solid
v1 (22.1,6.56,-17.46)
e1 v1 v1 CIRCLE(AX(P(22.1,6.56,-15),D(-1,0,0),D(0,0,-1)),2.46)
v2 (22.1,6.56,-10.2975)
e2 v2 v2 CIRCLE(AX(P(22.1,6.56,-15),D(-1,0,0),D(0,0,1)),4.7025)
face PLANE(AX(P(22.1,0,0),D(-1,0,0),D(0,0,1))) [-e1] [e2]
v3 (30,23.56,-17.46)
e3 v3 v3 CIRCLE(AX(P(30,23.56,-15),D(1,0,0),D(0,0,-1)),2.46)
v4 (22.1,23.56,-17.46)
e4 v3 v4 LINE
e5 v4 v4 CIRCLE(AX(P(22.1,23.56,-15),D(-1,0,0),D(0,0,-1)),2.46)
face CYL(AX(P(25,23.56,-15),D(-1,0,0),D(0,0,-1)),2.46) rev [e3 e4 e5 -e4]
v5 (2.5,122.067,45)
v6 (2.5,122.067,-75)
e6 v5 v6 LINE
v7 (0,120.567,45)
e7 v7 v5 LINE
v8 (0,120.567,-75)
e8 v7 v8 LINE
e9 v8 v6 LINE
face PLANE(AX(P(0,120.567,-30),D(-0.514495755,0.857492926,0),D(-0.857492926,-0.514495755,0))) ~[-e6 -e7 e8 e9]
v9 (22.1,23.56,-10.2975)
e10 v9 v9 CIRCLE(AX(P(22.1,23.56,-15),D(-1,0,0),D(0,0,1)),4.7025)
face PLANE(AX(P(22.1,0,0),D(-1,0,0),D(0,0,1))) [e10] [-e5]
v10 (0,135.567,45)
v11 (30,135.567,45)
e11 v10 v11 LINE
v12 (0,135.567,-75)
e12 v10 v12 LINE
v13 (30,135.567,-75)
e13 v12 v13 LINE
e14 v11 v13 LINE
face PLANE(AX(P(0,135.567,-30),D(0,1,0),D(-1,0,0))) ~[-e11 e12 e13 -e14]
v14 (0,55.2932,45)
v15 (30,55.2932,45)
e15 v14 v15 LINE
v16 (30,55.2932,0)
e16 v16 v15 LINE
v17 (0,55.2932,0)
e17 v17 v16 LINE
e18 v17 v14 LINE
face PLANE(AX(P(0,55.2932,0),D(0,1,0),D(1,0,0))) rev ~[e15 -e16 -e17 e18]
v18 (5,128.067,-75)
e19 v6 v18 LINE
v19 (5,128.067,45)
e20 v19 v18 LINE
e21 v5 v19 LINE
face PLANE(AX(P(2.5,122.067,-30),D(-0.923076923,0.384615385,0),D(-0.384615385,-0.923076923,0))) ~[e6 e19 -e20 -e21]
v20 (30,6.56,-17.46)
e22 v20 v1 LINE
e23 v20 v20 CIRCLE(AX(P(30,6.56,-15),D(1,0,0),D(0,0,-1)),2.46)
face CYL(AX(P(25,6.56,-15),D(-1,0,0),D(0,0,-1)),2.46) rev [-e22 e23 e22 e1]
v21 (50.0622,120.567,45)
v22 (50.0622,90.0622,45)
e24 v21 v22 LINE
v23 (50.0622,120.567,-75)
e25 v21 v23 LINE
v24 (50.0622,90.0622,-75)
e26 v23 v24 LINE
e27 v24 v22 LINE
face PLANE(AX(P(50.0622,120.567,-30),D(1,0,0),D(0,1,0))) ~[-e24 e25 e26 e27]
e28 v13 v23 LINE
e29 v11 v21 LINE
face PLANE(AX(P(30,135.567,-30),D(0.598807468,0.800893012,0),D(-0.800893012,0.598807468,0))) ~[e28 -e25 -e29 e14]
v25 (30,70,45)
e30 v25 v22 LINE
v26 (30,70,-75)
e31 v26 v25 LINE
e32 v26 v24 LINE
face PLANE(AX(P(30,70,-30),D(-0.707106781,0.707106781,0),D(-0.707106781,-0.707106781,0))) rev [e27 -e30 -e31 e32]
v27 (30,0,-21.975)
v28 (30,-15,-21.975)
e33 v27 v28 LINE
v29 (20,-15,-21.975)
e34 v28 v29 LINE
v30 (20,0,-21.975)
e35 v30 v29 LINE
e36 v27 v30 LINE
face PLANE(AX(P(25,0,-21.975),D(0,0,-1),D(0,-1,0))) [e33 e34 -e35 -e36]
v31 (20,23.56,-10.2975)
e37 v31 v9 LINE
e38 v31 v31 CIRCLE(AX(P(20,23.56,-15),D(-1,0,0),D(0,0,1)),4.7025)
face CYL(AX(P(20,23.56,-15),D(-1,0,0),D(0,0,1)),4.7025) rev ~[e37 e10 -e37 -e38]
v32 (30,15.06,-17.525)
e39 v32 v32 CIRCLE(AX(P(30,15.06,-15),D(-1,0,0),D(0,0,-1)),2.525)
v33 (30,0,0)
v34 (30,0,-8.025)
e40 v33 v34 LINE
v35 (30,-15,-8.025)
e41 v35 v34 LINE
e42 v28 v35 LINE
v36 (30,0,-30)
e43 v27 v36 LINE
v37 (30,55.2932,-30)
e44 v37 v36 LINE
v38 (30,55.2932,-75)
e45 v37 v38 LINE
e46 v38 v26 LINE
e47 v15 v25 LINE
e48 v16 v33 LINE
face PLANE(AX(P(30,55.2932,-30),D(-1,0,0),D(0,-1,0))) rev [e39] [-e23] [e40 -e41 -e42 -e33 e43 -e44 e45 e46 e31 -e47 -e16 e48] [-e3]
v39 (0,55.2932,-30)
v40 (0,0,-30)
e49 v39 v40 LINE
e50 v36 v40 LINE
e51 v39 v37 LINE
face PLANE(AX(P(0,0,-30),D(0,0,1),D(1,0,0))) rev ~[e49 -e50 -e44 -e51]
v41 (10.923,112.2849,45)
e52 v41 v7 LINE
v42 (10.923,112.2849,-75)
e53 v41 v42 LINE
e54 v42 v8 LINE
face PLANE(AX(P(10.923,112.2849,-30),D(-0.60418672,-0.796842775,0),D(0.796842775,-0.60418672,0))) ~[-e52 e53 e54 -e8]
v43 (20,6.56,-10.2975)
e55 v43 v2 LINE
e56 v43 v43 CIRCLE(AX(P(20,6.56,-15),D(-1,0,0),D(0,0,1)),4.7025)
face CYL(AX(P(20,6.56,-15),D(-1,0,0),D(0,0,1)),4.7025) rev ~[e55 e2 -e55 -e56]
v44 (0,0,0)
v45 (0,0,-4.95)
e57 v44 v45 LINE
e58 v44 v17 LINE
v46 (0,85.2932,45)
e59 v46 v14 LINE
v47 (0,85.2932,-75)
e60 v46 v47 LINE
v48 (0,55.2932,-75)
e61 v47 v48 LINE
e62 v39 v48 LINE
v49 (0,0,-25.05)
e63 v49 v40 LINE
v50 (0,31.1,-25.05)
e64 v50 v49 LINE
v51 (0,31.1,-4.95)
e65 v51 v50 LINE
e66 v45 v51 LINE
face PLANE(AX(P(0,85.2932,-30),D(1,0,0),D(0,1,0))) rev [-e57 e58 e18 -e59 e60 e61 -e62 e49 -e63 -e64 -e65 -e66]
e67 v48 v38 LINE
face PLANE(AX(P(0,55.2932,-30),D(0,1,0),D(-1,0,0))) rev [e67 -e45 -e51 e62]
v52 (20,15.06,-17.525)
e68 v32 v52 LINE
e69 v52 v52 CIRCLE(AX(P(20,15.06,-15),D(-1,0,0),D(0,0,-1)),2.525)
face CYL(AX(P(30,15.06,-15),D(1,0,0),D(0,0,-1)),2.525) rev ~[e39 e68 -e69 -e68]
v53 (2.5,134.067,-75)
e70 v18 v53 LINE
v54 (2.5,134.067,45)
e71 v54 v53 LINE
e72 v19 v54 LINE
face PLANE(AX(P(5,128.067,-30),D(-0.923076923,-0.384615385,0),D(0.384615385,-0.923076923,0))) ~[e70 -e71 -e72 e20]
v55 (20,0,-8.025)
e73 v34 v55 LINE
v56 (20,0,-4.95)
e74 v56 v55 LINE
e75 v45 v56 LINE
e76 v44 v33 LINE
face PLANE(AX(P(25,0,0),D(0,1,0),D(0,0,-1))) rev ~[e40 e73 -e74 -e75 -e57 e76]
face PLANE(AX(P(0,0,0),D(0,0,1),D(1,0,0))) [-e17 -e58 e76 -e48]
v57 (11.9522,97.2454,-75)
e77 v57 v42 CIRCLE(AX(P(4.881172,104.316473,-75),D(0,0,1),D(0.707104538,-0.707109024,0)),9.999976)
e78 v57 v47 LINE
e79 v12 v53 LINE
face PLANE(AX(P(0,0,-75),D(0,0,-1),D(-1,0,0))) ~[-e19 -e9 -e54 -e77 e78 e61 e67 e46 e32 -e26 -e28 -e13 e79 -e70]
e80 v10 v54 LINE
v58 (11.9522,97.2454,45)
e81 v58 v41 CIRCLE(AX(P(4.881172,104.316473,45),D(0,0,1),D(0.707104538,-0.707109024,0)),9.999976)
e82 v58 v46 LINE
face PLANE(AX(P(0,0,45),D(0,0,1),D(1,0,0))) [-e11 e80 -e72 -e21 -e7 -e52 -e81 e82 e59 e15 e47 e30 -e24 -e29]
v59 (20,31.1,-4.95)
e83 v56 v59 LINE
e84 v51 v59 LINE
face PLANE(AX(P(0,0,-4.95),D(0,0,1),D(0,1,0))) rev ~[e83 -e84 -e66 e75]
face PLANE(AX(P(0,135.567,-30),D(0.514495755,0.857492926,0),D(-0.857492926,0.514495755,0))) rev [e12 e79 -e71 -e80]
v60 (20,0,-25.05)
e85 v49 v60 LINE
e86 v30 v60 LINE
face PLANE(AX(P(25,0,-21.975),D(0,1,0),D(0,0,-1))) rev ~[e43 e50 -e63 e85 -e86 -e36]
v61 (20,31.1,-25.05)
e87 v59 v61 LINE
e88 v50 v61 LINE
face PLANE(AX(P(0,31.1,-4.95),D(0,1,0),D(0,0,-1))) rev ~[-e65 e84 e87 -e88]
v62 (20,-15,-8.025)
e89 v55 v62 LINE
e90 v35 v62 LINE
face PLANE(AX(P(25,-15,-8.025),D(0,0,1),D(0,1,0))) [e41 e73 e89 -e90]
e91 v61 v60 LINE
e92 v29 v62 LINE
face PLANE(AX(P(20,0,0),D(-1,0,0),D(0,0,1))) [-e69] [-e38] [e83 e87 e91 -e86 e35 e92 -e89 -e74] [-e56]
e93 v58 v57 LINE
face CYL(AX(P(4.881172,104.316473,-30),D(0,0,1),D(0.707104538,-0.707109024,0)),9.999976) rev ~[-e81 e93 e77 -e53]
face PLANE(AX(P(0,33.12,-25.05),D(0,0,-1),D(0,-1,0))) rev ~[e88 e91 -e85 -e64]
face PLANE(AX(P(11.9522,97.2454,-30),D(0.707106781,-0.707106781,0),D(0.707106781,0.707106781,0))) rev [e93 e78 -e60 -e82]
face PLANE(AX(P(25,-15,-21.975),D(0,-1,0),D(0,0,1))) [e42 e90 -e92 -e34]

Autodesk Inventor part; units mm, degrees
ref_plane "YZ Plane" through (0, 0, 0) normal (1, 0, 0) x (0, 1, 0)
ref_plane "XZ Plane" through (0, 0, 0) normal (0, 1, 0) x (-1, 0, 0)
sketch "Sketch1" plane through (0, 0, 0) normal (0, 0, 1) x (1, 0, 0)
  line L0 (0, 0) -> (25, 0)
  line L1 (25, 0) -> (25, 40)
  line L2 (25, 40) -> (0, 40)
  line L3 (0, 40) -> (0, 0)
  dimension "d1" = 25
  dimension "d2" = 40
  dimension "d3" = 25
extrude "Extrusion1" add sketch "Sketch1" against normal blind 30
sketch "Sketch2" plane through (25, 0, 0) normal (1, 0, 0) x (0, 0, -1)
  line L0 (0, 0) -> (30, 0) projected
  circle A0 centre (15, 6.56) radius 2.46
extrude "Extrusion2" cut sketch "Sketch2" against normal blind 30
sketch "Sketch3" plane through (0, 0, 0) normal (-1, 0, 0) x (0, 0, 1)
  line L0 (0, 0) -> (-30, 0) projected
  line L1 (-25.05, 0) -> (-4.95, 0)
  line L2 (-4.95, 0) -> (-4.95, 33.12)
  line L3 (-4.95, 33.12) -> (-25.05, 33.12)
  line L4 (-25.05, 33.12) -> (-25.05, 0)
  dimension "d11" = 20.1
extrude "Extrusion3" cut sketch "Sketch3" against normal blind 20
sketch "Sketch4" plane through (0, 0, 0) normal (0, -1, 0) x (1, 0, 0)
  line L0 (20, -4.95) -> (20, -25.05) projected
  line L1 (20, -15) -> (25, -15)
  line L2 (25, 0) -> (25, -30) projected
  line L3 (20, -8.025) -> (25, -8.025)
  line L4 (25, -8.025) -> (25, -21.975)
  line L5 (25, -21.975) -> (20, -21.975)
  line L6 (20, -21.975) -> (20, -8.025)
  line L7 (20, -8.025) -> (25, -21.975) construction
  line L8 (25, -8.025) -> (20, -21.975) construction
  line L9 (25, -12.54) -> (25, -17.46) projected
  point P0 (0, 0)
  point P1 (22.5, -15)
  dimension "d14" = 13.95
extrude "Extrusion4" add sketch "Sketch4" along normal blind 15
sketch "Sketch5" plane through (20, 0, 0) normal (-1, 0, 0) x (0, 0, 1)
  circle A0 centre (-15, 6.56) radius 2.46 projected
  circle A1 centre (-15, 6.56) radius 4.7025
  circle A2 centre (-15, 6.56) radius 2.46 projected
  circle A3 centre (-15, 6.56) radius 2.46
  point P0 (0, 0)
  dimension "d17" = 9.405
extrude "Extrusion5" cut sketch "Sketch5" against normal blind 2.1
sketch "Sketch6" plane through (25, 0, 0) normal (1, 0, 0) x (0, 0, -1)
  circle A0 centre (15, 6.56) radius 4.7025 projected
  line L0 (15, 6.56) -> (15, 23.56)
  circle A1 centre (15, 23.56) radius 2.46
  point P0 (0, 0)
  dimension "d20" = 17
  dimension "d21" = 4.92
extrude "Extrusion6" cut sketch "Sketch6" against normal blind 10 contours A1
sketch "Sketch7" plane through (20, 0, 0) normal (-1, 0, 0) x (0, 0, 1)
  circle A0 centre (-15, 23.56) radius 2.46 projected
  circle A1 centre (-15, 23.56) radius 4.7025
  point P0 (0, 0)
  dimension "d24" = 9.405
extrude "Extrusion7" cut sketch "Sketch7" against normal blind 2.1
sketch "Sketch9" plane through (25, 0, 0) normal (1, 0, 0) x (0, 0, -1)
  circle A0 centre (15, 6.56) radius 2.46 projected
  circle A1 centre (15, 6.56) radius 2.46
  circle A2 centre (15, 23.56) radius 2.46 projected
  circle A3 centre (15, 23.56) radius 2.46
  line L0 (30, 40) -> (30, 0) projected
  line L1 (30, 0) -> (30, 40)
  line L2 (30, 40) -> (0, 40)
  line L3 (0, 40) -> (0, 0)
  line L4 (0, 0) -> (8.025, 0) projected
  line L5 (21.975, 0) -> (21.975, -15)
  line L6 (21.975, -15) -> (8.025, -15)
  line L7 (8.025, -15) -> (8.025, 0)
  line L8 (0, 0) -> (8.025, 0)
  line L9 (21.975, 0) -> (30, 0)
extrude "Extrusion8" add sketch "Sketch9" along normal blind 5
sketch "Sketch10" plane through (0, 40, 0) normal (0, 1, 0) x (1, 0, 0)
  line L0 (0, 30) -> (30, 30) projected
  line L1 (30, 0) -> (0, 0) projected
  line L2 (0, 30) -> (30, 30)
  line L3 (30, 30) -> (30, 0)
  line L4 (30, 0) -> (0, 0)
  line L5 (0, 0) -> (0, 30)
extrude "Extrusion9" add sketch "Sketch10" along normal blind 30
sketch "Sketch12" plane through (30, 0, 0) normal (1, 0, 0) x (0, 0, -1)
  circle A0 centre (15, 6.56) radius 2.46 projected
  line L0 (15, 6.56) -> (15, 15.06)
  circle A1 centre (15, 15.06) radius 2.525
  point P0 (0, 0)
  dimension "d31" = 8.5
  dimension "d33" = 5.05
extrude "Extrusion10" cut sketch "Sketch12" against normal blind 30 contours A1
sketch "Sketch15" plane through (0, 0, -25.05) normal (-1, 0, 0) x (0, 0, 1)
  line L0 (0, 33.12) -> (20.1, 33.12) projected
  line L1 (20.1, 33.12) -> (20.1, 0) projected
  line L2 (0, 33.12) -> (20.1, 33.12)
  line L3 (20.1, 33.12) -> (20.1, 31.1)
  line L4 (20.1, 31.1) -> (0, 31.1)
  line L5 (0, 31.1) -> (0, 33.12)
  point P0 (25.05, 0)
  dimension "d57" = 2.02
extrude "Extrusion13" add sketch "Sketch15" against normal blind 20
sketch "Sketch17" plane through (0, 0, 0) normal (0, 0, 1) x (1, 0, 0)
  line L0 (0, 70) -> (30, 70) projected
  line L1 (30, 70) -> (50.0622, 90.0622)
  line L2 (30, 70) -> (80, 70) construction
  line L3 (11.9522, 97.2454) -> (0, 85.2932)
  line L4 (0, 70) -> (0, 85.2932)
  line L5 (0, 70) -> (0, 0) projected
  line L6 (0, 70) -> (30, 70)
  line L7 (10.923, 112.2849) -> (0, 120.567)
  line L8 (2.5, 134.067) -> (0, 135.567)
  line L9 (2.5, 134.067) -> (5, 128.067)
  line L10 (2.5, 122.067) -> (0, 120.567)
  line L11 (2.5, 122.067) -> (5, 128.067)
  line L12 (50.0622, 105.3553) -> (50.0622, 120.567)
  line L13 (50.0622, 105.3553) -> (50.0622, 90.0622)
  line L14 (0, 135.567) -> (30, 135.567)
  line L15 (30, 135.567) -> (50.0622, 120.567)
  arc A0 (11.9522, 97.2454) -> (10.923, 112.2849) centre (4.8811, 104.3165) ccw
  dimension "d61" = 45
  dimension "d62" = 32.0271
  dimension "d71" = 30
  dimension "d72" = 10
extrude "Extrusion14" add sketch "Sketch17" against normal blind 30
sketch "Sketch19" plane through (0, 0, 0) normal (0, 0, 1) x (1, 0, 0)
  line L0 (30, 0) -> (30, 70) projected
  line L1 (30, 70) -> (50.0622, 90.0622) projected
  line L2 (30, 70) -> (50.0622, 90.0622)
  line L3 (50.0622, 120.567) -> (50.0622, 90.0622) projected
  line L4 (50.0622, 90.0622) -> (50.0622, 120.567)
  line L5 (30, 135.567) -> (50.0622, 120.567) projected
  line L6 (50.0622, 120.567) -> (30, 135.567)
  line L7 (0, 135.567) -> (30, 135.567) projected
  line L8 (30, 135.567) -> (0, 135.567)
  line L9 (5, 128.067) -> (2.5, 134.067) projected
  line L10 (0, 135.567) -> (2.5, 134.067)
  line L11 (2.5, 134.067) -> (5, 128.067)
  line L12 (2.5, 122.067) -> (5, 128.067) projected
  line L13 (5, 128.067) -> (2.5, 122.067)
  line L14 (0, 120.567) -> (2.5, 122.067) projected
  line L15 (2.5, 122.067) -> (0, 120.567)
  line L16 (10.923, 112.2849) -> (0, 120.567) projected
  line L17 (0, 120.567) -> (10.923, 112.2849)
  line L18 (11.9522, 97.2454) -> (0, 85.2932) projected
  line L19 (11.9522, 97.2454) -> (0, 85.2932)
  line L20 (0, 85.2932) -> (0, 55.2932)
  line L21 (0, 0) -> (0, 85.2932) projected
  line L22 (0, 55.2932) -> (30, 55.2932)
  line L23 (30, 55.2932) -> (30, 70)
  arc A0 (11.9522, 97.2454) -> (10.923, 112.2849) centre (4.8811, 104.3165) ccw
  dimension "d75" = 30
  dimension "d76" = 30
extrude "Extrusion15" add sketch "Sketch19" along normal blind 45
ref_plane "Work Plane1" through (0, 0, -15) normal (0, 0, 1) x (1, 0, 0)
mirror "Mirror1" about plane through (0, 0, -15) normal (0, 0, 1) of "Extrusion15"
properties part number "rec_c_12mm_x_120mm"
